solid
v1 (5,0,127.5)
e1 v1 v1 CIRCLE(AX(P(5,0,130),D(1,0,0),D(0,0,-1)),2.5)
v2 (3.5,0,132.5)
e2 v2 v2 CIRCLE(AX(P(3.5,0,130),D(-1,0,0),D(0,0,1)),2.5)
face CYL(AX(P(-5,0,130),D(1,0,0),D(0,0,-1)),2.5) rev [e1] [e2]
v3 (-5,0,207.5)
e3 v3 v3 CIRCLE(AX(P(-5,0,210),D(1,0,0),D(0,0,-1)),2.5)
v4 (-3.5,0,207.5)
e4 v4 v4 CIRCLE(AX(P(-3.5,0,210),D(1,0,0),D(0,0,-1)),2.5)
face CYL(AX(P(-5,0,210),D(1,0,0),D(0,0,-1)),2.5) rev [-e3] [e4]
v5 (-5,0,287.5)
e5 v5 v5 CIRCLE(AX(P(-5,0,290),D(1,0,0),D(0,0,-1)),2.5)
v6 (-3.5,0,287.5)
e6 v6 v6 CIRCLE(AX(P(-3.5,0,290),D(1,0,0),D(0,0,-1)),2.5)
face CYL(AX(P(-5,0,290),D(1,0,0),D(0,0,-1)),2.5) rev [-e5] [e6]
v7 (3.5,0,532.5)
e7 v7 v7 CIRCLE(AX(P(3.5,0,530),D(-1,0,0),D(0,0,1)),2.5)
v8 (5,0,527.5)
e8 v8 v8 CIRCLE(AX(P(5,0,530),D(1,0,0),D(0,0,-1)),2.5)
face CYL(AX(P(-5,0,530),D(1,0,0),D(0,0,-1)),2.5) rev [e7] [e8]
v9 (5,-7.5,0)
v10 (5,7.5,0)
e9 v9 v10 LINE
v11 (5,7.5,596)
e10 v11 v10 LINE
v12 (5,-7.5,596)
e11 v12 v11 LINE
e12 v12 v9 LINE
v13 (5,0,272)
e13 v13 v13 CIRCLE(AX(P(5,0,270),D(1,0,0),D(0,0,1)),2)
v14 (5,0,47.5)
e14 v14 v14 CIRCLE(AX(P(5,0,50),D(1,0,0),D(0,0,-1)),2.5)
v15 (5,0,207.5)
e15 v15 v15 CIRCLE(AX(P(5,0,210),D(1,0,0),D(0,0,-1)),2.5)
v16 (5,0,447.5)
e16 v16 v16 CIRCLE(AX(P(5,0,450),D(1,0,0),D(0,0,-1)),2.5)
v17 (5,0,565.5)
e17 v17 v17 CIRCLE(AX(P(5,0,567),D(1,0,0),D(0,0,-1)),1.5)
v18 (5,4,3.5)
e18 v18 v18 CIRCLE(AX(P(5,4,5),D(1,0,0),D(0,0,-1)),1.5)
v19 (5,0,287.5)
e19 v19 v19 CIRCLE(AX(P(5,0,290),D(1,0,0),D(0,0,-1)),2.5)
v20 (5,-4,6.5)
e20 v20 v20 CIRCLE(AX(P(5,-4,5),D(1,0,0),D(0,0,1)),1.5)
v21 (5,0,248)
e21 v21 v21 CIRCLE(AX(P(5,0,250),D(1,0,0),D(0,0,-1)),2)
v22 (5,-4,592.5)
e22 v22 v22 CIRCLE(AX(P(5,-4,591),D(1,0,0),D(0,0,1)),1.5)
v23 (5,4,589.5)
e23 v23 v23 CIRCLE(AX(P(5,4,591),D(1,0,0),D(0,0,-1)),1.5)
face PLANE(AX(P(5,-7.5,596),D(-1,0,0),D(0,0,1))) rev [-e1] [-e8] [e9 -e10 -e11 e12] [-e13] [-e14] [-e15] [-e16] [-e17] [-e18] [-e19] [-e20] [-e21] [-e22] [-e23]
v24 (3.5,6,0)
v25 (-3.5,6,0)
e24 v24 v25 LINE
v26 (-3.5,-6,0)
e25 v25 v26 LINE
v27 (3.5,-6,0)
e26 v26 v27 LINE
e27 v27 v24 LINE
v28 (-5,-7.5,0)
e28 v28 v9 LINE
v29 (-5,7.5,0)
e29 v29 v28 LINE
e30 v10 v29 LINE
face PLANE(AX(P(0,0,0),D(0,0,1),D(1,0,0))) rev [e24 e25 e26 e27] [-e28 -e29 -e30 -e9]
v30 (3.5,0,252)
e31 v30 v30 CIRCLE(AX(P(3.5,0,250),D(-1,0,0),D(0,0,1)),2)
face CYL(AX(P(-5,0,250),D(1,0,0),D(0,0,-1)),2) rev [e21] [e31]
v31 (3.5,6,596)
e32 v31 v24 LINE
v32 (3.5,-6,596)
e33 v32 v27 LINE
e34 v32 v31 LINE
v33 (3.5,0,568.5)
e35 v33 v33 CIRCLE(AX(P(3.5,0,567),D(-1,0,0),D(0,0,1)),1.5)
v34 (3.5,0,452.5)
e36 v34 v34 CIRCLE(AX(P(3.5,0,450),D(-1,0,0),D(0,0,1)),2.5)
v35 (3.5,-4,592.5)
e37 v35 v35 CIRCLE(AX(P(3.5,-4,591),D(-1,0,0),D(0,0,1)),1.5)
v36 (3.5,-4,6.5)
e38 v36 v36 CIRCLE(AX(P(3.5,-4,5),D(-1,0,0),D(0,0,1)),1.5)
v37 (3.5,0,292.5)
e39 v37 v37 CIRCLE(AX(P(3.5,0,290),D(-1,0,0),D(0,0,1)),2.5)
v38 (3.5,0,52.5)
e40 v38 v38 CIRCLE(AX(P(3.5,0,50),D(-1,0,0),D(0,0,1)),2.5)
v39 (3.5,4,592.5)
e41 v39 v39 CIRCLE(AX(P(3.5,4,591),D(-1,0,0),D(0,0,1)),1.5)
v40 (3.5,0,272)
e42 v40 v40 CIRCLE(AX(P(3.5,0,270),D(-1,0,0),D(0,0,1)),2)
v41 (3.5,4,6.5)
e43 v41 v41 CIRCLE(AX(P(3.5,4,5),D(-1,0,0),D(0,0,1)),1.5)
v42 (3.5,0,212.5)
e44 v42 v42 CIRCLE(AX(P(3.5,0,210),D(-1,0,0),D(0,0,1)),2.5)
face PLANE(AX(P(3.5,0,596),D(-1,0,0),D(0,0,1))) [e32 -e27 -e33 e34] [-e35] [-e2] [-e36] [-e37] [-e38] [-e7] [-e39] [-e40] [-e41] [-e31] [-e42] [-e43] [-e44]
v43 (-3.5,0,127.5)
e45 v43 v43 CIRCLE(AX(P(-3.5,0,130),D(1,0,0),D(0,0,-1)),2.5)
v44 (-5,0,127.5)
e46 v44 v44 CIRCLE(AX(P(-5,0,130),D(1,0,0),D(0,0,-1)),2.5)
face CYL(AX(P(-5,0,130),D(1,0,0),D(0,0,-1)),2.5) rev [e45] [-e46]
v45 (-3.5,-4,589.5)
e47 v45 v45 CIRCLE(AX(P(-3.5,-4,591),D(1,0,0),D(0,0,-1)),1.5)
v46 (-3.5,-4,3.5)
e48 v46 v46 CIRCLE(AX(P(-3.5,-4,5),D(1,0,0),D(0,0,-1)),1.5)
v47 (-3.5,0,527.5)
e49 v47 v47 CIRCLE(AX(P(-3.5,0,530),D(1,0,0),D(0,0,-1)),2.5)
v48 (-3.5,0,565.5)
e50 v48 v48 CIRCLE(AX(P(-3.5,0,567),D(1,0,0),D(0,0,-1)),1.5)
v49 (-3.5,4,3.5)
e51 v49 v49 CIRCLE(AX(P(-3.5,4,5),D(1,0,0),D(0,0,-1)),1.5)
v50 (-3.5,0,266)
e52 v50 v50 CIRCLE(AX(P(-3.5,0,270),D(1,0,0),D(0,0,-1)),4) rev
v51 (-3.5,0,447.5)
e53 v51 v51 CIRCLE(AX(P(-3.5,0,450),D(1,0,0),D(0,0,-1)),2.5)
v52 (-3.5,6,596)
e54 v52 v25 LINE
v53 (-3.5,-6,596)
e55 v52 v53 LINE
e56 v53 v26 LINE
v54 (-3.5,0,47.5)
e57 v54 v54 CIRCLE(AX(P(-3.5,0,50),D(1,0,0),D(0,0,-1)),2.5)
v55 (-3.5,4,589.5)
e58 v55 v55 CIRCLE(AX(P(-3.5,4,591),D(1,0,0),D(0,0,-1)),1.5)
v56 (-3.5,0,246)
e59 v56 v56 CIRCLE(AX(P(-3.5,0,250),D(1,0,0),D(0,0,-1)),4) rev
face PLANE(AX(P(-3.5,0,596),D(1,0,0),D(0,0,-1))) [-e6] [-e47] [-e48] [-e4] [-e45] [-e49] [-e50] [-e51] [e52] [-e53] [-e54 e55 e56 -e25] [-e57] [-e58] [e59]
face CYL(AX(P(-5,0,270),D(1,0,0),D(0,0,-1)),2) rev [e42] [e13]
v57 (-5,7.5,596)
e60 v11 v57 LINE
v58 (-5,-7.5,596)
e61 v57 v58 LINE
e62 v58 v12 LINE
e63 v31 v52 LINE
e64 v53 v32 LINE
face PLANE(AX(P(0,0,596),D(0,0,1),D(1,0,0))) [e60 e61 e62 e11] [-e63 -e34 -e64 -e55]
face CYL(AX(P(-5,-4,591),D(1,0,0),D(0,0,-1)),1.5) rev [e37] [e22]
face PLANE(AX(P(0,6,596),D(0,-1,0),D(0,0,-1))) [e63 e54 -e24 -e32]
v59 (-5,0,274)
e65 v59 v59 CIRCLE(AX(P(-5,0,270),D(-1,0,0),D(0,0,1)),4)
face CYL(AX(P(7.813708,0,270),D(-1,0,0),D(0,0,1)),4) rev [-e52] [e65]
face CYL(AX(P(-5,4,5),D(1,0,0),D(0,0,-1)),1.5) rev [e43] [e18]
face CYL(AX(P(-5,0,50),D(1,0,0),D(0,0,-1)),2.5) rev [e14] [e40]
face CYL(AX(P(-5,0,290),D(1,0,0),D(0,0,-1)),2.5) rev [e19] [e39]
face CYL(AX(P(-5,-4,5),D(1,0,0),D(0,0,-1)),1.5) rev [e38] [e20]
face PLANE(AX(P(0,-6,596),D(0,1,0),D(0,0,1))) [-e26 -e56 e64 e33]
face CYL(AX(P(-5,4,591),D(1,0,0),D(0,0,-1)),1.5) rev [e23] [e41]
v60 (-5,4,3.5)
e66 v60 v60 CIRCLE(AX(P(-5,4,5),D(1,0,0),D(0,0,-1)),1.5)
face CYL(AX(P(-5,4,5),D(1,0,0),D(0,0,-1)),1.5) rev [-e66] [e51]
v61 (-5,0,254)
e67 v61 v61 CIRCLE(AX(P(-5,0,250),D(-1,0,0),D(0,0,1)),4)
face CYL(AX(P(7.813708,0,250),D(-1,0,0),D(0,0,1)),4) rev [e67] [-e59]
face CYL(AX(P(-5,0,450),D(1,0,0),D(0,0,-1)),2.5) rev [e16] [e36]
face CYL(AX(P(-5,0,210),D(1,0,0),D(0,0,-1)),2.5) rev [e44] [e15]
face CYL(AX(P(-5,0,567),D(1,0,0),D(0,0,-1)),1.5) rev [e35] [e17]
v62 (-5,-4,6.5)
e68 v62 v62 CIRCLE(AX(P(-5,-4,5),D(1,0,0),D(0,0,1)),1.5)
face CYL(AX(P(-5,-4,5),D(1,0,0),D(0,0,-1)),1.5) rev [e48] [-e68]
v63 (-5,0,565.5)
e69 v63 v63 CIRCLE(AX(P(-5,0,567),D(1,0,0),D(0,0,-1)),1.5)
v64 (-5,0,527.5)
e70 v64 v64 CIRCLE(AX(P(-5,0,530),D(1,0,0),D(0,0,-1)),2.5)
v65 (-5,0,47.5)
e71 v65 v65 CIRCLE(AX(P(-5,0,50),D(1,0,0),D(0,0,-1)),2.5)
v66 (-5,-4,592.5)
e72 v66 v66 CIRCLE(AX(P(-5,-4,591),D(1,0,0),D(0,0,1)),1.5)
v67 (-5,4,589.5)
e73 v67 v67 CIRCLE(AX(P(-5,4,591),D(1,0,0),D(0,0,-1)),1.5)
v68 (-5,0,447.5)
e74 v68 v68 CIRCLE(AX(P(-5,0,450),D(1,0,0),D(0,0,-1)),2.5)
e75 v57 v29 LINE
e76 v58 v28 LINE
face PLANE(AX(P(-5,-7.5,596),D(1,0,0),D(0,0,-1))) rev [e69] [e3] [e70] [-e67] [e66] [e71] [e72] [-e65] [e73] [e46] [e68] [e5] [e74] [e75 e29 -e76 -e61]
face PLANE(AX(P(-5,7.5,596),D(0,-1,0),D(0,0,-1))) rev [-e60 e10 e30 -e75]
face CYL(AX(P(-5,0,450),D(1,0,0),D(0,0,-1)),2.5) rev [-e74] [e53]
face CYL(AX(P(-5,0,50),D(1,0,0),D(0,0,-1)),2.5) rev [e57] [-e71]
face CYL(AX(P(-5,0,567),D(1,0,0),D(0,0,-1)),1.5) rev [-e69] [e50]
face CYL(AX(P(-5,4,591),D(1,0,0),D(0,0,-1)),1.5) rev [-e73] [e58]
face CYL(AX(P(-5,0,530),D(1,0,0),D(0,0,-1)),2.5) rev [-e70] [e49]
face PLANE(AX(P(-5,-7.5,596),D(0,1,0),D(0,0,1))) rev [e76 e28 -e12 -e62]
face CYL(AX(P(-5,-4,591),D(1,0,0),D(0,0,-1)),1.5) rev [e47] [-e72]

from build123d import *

# Parameters (mm, degrees)
SKETCH_1_W          = 10
SKETCH_1_H          = 15
SKETCH_1_W_2        = 7
SKETCH_1_H_2        = 12
EXTRUDE_1_DEPTH     = 596
SKETCH_2_R          = 1.5
SKETCH_2_R_2        = 2.5
SKETCH_2_R_3        = 2
CUT_EXTRUDE_1_DEPTH = 597.131067803
SKETCH_3_R          = 4
CUT_EXTRUDE_2_DEPTH = 1.5


with BuildPart() as part:
    # ｽｹｯﾁ1 → 押し出し-薄板1 (new body)
    with BuildSketch(Plane.XY):
        Rectangle(SKETCH_1_W, SKETCH_1_H)
        Rectangle(SKETCH_1_W_2, SKETCH_1_H_2, mode=Mode.SUBTRACT)
    extrude(amount=EXTRUDE_1_DEPTH)

    # ｽｹｯﾁ2 → ｶｯﾄ - 押し出し1 (cut, through all)
    with BuildSketch(Plane(origin=(5, 0, 0), x_dir=(0, 0, -1), z_dir=(1, 0, 0))):
        with Locations((-5, 4)):
            Circle(SKETCH_2_R)
        with Locations((-5, -4)):
            Circle(SKETCH_2_R)
        with Locations((-591, 4)):
            Circle(SKETCH_2_R)
        with Locations((-591, -4)):
            Circle(SKETCH_2_R)
        with Locations((-50, 0)):
            Circle(SKETCH_2_R_2)
        with Locations((-567, 0)):
            Circle(SKETCH_2_R)
        with Locations((-530, 0)):
            Circle(SKETCH_2_R_2)
        with Locations((-250, 0)):
            Circle(SKETCH_2_R_3)
        with Locations((-270, 0)):
            Circle(SKETCH_2_R_3)
        with Locations((-450, 0)):
            Circle(SKETCH_2_R_2)
        with Locations((-290, 0)):
            Circle(SKETCH_2_R_2)
        with Locations((-210, 0)):
            Circle(SKETCH_2_R_2)
        with Locations((-130, 0)):
            Circle(SKETCH_2_R_2)
    extrude(amount=-CUT_EXTRUDE_1_DEPTH, mode=Mode.SUBTRACT)

    # ｽｹｯﾁ3 → ｶｯﾄ - 押し出し2 (cut)
    with BuildSketch(Plane.ZY.offset(5)):
        with Locations((250, 0)):
            Circle(SKETCH_3_R)
        with Locations((270, 0)):
            Circle(SKETCH_3_R)
    extrude(amount=-CUT_EXTRUDE_2_DEPTH, mode=Mode.SUBTRACT)


solid = part.part
